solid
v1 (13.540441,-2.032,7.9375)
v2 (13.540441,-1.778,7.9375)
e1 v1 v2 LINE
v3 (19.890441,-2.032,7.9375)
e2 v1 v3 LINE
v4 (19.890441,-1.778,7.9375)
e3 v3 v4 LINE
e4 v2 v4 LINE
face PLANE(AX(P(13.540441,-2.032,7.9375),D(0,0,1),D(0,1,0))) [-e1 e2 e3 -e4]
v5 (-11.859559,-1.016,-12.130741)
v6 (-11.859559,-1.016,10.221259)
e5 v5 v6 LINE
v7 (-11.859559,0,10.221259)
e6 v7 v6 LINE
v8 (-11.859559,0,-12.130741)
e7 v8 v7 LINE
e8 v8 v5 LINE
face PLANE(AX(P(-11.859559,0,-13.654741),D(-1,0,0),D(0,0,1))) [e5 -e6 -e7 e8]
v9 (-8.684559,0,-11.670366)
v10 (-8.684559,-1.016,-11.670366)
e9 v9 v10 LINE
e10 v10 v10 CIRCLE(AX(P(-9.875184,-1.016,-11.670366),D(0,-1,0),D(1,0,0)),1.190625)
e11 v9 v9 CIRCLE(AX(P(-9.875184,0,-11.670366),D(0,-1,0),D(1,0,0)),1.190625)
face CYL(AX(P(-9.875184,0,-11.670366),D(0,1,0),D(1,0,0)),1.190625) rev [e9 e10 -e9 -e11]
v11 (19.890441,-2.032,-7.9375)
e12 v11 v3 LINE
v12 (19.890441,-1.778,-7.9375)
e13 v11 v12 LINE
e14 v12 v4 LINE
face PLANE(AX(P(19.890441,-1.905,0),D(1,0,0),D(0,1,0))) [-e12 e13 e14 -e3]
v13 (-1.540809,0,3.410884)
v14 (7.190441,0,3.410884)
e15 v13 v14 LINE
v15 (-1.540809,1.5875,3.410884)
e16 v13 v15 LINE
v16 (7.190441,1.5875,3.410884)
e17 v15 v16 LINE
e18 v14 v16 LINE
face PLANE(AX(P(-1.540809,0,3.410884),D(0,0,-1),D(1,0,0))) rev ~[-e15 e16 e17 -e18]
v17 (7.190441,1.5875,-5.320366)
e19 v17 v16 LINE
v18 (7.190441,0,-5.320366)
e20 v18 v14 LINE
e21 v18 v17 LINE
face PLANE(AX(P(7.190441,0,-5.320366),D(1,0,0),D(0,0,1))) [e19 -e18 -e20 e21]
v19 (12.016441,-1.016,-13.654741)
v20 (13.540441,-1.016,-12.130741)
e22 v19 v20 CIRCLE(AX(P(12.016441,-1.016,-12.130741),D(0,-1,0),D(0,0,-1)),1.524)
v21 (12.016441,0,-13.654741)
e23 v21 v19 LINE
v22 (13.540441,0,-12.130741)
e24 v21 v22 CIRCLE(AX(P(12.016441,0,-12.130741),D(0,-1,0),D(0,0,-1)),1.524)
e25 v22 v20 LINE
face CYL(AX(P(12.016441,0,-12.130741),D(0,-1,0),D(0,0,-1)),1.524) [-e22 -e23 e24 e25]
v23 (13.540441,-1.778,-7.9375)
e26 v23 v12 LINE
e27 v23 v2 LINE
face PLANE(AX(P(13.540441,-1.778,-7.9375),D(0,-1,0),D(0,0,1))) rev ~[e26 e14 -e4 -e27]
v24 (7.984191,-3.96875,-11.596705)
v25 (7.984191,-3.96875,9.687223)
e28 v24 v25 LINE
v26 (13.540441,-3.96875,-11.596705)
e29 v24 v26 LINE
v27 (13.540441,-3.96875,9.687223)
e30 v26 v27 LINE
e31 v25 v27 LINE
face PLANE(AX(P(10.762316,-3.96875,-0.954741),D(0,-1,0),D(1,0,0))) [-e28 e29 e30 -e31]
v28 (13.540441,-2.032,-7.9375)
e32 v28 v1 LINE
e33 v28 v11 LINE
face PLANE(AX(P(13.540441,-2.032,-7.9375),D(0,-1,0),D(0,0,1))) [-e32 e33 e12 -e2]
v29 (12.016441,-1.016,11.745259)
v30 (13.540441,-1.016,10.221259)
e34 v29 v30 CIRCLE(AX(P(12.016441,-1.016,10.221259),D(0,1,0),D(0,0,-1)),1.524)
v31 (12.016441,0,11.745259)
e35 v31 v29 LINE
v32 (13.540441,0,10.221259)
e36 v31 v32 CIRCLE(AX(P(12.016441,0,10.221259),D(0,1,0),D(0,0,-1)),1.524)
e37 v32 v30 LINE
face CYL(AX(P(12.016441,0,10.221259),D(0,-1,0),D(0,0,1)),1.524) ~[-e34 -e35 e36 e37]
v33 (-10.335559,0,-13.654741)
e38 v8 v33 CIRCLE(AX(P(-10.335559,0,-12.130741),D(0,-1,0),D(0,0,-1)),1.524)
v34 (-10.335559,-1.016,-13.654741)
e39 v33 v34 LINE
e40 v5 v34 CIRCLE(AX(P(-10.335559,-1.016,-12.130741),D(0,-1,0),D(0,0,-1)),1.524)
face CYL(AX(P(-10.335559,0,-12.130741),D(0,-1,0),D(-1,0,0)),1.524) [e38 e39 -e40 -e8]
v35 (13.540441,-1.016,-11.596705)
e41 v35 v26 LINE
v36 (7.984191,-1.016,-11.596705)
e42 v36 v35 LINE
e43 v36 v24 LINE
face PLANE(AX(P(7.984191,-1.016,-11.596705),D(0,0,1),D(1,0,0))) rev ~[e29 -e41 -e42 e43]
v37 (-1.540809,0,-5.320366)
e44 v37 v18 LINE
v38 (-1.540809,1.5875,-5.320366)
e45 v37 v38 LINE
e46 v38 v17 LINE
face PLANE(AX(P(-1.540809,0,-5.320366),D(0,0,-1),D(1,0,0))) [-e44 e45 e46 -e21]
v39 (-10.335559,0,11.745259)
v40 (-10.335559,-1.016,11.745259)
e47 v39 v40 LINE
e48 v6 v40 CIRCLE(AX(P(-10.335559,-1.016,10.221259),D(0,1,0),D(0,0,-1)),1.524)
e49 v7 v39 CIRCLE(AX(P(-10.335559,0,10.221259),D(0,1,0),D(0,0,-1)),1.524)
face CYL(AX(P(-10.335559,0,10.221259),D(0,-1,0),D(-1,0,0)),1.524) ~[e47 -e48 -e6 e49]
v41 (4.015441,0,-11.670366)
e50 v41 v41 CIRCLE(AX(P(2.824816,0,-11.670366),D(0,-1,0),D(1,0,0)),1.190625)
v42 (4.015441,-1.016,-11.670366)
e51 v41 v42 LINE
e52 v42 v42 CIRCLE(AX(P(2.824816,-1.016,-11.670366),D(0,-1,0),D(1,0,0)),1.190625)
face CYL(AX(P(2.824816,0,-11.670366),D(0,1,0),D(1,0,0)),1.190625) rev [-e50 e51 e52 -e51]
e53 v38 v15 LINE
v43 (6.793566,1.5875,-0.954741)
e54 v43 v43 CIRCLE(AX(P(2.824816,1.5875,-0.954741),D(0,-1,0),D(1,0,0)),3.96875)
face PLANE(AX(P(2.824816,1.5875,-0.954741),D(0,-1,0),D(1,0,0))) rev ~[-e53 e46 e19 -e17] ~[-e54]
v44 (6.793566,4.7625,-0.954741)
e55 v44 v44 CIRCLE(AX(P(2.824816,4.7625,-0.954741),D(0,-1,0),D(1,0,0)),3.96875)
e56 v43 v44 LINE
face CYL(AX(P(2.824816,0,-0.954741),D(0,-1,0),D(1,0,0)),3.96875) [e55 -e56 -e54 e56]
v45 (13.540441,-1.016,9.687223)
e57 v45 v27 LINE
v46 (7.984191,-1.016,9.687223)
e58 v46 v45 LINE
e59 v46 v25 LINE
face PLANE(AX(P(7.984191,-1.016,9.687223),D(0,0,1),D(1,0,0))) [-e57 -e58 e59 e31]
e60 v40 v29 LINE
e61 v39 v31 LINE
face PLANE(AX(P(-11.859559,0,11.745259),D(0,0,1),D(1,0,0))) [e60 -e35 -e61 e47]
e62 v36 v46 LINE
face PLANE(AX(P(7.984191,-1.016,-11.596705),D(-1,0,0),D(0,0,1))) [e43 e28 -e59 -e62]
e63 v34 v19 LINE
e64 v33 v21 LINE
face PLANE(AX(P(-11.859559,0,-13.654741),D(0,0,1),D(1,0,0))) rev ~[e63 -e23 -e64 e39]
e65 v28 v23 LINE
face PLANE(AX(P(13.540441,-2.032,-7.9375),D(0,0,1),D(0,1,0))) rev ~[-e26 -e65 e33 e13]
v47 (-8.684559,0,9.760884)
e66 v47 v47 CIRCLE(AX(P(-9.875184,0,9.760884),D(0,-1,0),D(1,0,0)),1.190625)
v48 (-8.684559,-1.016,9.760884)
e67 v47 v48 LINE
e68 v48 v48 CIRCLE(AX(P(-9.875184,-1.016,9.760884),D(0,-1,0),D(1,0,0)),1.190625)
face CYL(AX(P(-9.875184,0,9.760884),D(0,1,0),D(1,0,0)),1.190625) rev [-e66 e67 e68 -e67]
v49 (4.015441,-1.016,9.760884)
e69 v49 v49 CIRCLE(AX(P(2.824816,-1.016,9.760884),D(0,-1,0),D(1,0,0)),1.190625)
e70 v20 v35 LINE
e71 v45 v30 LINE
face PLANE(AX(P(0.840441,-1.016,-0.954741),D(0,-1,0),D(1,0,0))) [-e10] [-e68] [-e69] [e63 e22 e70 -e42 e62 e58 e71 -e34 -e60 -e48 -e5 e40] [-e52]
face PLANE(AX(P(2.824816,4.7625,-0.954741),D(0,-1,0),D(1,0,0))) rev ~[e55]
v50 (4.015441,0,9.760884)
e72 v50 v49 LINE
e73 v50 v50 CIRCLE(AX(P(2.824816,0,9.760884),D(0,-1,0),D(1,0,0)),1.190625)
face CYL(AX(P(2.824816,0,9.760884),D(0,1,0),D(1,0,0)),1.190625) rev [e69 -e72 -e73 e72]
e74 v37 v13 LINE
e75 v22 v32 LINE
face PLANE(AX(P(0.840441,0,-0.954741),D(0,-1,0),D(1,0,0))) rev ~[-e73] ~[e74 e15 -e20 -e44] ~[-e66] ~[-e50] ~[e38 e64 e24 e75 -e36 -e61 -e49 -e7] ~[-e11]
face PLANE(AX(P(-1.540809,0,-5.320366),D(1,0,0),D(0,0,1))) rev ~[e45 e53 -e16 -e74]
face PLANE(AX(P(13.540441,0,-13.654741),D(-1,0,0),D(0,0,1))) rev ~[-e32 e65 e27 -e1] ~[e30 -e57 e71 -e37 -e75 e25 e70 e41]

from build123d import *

# Parameters (mm, degrees)
F0_W     = 25.4
F0_H     = 25.4
F0_R     = 1.190625
F0_W_2   = 8.73125
F0_H_2   = 8.73125
F0_R_2   = 3.96875
F1_DEPTH = 1.016
F2_DEPTH = 1.5875
F3_DEPTH = 4.7625
F4_R     = 1.524
F5_W     = 5.55625
F5_H     = 21.283928
F6_DEPTH = 2.95275
F7_W     = 0.254
F7_H     = 15.875
F8_DEPTH = 6.35


with BuildPart() as f1:
    # F0 (on Front) → F1 (new body)
    with BuildSketch(Plane.XZ):
        with Locations((0.840441, -0.954741)):
            Rectangle(F0_W, F0_H)
        with Locations((-9.875184, -11.670366)):
            Circle(F0_R, mode=Mode.SUBTRACT)
        with Locations((2.824816, -11.670366)):
            Circle(F0_R, mode=Mode.SUBTRACT)
        with Locations((2.824816, -0.954741)):
            Rectangle(F0_W_2, F0_H_2, mode=Mode.SUBTRACT)
        with Locations((-9.875184, 9.760884)):
            Circle(F0_R, mode=Mode.SUBTRACT)
        with Locations((2.824816, 9.760884)):
            Circle(F0_R, mode=Mode.SUBTRACT)
        with Locations((2.824816, -0.954741)):
            Rectangle(F0_W_2, F0_H_2)
        with Locations((2.824816, -0.954741)):
            Circle(F0_R_2, mode=Mode.SUBTRACT)
        with Locations((2.824816, -0.954741)):
            Circle(F0_R_2)
    extrude(amount=F1_DEPTH)

    # F0 (on Front) → F2 (join)
    with BuildSketch(Plane.XZ):
        with Locations((2.824816, -0.954741)):
            Rectangle(F0_W_2, F0_H_2)
        with Locations((2.824816, -0.954741)):
            Circle(F0_R_2, mode=Mode.SUBTRACT)
        with Locations((2.824816, -0.954741)):
            Circle(F0_R_2)
    extrude(amount=-F2_DEPTH)

    # F0 (on Front) → F3 (join)
    with BuildSketch(Plane.XZ):
        with Locations((2.824816, -0.954741)):
            Circle(F0_R_2)
    extrude(amount=-F3_DEPTH)

    # F4
    f4_edges = [f1.edges().sort_by_distance(p)[0] for p in [
        (-11.859559, -0.508, 11.745259),
        (-11.859559, -0.508, -13.654741),
        (13.540441, -0.508, -13.654741),
        (13.540441, -0.508, 11.745259),
    ]]
    fillet(f4_edges, radius=F4_R)

    # F5 (on face) → F6 (join)
    with BuildSketch(Plane.XZ.offset(1.016)):
        with Locations((10.762316, -0.954741)):
            Rectangle(F5_W, F5_H)
    extrude(amount=F6_DEPTH)

    # F7 (on face) → F8 (join)
    with BuildSketch(Plane.YZ.offset(13.540441)):
        with Locations((-1.905, 0)):
            Rectangle(F7_W, F7_H)
    extrude(amount=F8_DEPTH)


solid = f1.part
